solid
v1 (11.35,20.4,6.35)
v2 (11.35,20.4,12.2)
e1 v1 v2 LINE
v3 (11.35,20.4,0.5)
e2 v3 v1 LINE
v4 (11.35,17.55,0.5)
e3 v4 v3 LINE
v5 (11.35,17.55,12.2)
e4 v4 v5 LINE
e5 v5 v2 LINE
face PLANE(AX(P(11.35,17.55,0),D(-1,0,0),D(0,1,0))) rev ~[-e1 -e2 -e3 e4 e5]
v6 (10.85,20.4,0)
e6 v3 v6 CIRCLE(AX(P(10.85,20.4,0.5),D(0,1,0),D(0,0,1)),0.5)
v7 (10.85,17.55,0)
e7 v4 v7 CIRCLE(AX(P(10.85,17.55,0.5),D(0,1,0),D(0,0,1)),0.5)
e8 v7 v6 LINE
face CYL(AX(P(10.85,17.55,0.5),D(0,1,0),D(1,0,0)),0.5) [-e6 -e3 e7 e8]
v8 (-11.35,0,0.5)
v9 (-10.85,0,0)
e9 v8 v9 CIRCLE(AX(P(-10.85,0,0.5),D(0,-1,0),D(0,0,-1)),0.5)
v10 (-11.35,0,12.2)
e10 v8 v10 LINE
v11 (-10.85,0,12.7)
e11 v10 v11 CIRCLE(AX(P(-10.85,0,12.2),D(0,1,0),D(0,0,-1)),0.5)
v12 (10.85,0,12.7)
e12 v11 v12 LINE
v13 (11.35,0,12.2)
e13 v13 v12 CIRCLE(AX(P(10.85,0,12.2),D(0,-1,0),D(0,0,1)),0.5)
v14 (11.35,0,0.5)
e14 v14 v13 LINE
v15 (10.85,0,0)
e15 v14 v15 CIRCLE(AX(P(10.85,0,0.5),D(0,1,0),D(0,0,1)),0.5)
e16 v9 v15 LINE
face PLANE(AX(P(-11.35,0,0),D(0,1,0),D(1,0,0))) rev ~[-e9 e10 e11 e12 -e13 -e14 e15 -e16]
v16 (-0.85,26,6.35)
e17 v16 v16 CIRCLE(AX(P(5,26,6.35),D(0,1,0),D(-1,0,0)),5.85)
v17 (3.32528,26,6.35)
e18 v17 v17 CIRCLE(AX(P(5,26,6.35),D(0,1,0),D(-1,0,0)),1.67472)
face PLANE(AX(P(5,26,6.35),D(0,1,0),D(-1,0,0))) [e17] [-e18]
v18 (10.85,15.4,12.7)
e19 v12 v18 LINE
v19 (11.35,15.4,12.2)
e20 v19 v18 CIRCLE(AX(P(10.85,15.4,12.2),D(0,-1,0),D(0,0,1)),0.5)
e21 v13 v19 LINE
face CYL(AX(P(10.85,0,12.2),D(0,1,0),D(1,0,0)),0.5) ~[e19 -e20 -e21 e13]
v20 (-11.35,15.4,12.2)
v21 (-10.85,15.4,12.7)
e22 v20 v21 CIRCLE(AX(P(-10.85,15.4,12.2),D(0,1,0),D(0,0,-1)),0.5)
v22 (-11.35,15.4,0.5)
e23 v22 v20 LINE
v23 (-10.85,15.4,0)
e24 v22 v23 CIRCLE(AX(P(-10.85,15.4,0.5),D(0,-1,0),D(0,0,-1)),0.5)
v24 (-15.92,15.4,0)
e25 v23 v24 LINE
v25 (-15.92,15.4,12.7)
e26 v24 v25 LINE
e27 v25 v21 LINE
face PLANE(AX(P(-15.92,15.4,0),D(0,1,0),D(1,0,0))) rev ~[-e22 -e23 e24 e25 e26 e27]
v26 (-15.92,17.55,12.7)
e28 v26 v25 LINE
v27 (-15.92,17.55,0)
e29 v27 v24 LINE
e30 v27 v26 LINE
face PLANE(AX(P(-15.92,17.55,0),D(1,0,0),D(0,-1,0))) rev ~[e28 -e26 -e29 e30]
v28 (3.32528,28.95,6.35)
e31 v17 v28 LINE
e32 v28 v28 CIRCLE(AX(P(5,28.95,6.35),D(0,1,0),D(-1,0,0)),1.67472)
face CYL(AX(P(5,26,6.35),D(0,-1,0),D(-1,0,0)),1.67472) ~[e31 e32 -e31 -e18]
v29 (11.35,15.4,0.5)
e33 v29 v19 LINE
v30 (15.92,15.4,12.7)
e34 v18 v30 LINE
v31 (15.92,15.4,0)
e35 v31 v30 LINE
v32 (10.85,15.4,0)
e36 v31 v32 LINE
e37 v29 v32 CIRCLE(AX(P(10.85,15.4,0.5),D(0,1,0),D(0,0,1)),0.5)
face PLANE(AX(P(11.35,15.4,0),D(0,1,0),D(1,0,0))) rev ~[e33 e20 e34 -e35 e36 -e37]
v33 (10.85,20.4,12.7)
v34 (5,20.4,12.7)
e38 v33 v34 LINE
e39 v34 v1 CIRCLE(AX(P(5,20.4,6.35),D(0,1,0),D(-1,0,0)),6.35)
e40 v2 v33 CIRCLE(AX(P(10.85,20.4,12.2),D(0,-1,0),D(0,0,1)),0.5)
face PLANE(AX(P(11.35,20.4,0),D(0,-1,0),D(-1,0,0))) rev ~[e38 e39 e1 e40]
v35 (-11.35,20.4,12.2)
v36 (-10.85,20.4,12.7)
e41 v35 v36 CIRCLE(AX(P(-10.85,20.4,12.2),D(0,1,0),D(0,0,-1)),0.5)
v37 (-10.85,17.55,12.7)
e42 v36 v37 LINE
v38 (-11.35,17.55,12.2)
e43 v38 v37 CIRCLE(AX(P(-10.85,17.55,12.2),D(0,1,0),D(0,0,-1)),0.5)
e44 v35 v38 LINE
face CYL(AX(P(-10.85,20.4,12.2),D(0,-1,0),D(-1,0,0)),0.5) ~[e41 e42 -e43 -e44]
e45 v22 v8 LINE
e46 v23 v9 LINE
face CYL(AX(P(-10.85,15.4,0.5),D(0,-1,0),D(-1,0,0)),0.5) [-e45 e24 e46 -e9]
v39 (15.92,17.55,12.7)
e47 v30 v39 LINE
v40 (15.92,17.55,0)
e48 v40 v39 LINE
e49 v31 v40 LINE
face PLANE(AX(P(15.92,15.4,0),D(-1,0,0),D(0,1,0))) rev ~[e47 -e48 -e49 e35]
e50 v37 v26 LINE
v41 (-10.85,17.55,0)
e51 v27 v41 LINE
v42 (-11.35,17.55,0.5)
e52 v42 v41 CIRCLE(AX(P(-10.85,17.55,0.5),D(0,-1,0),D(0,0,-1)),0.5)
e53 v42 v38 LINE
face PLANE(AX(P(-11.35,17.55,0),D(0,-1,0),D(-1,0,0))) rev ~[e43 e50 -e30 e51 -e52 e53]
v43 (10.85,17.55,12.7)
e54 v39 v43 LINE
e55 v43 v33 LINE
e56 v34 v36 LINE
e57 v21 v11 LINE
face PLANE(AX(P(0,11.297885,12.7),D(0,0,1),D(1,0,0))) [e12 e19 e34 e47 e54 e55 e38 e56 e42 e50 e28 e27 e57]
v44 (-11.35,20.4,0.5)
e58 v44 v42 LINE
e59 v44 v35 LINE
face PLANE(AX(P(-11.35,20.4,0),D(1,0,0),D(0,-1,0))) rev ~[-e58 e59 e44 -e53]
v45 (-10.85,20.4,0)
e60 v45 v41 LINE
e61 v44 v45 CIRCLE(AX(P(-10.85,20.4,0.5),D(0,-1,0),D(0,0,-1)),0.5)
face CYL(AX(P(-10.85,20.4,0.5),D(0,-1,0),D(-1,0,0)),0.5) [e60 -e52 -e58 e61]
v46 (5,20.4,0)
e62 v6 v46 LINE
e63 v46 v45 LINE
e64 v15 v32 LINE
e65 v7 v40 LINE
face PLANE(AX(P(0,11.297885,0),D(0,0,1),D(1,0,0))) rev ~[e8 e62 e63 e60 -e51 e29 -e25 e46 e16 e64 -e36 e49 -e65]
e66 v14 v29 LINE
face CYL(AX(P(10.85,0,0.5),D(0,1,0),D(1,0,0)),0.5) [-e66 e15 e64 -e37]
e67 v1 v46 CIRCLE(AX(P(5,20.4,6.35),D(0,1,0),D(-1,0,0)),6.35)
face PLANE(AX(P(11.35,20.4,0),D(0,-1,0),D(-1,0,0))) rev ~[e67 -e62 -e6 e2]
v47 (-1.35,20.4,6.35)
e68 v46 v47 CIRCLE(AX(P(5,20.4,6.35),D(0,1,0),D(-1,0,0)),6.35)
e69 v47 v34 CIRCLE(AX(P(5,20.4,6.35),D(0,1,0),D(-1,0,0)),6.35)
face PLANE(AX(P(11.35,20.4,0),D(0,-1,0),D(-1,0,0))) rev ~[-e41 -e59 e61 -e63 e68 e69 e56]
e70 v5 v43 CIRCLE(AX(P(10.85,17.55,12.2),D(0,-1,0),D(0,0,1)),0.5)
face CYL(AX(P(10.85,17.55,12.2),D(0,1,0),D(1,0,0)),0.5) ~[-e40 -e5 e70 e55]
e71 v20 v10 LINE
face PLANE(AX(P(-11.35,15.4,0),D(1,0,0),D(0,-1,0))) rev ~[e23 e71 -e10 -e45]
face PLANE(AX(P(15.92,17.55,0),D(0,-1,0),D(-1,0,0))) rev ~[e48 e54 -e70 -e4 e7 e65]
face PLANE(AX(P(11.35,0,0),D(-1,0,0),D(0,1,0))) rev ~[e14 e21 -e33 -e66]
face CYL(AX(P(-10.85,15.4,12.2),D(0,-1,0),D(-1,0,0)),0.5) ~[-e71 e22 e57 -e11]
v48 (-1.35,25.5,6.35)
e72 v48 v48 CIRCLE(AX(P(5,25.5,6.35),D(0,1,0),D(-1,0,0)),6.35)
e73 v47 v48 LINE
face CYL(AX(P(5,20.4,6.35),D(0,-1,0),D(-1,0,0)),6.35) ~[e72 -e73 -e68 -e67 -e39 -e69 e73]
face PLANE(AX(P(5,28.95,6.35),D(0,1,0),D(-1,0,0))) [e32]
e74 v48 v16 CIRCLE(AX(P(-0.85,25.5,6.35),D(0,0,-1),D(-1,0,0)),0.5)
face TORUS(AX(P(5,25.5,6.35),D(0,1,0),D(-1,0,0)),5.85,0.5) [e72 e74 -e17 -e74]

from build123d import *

# Parameters (mm, degrees)
F3_DEPTH  = 12.7
F4_R      = 0.5
F6_R      = 6.35
F7_DEPTH  = 5.6
F8_R      = 0.5
F9_R      = 1.6747204535
F10_DEPTH = 2.95


with BuildPart() as f3:
    # F2 (on Top) → F3 (new body)
    with BuildSketch(Plane.XY):
        Polygon((11.35, 20.4), (-11.35, 20.4), (-11.35, 17.55), (-15.92, 17.55), (-15.92, 15.4), (-11.35, 15.4), (-11.35, 0), (11.35, 0), (11.35, 15.4), (15.92, 15.4), (15.92, 17.55), (11.35, 17.55), align=None)
    extrude(amount=F3_DEPTH)

    # F4
    f4_edges = [f3.edges().sort_by_distance(p)[0] for p in [
        (11.35, 7.7, 12.7),
        (11.35, 18.975, 12.7),
        (11.35, 18.975, 0),
        (11.35, 7.7, 0),
        (-11.35, 18.975, 12.7),
        (-11.35, 7.7, 12.7),
        (-11.35, 18.975, 0),
        (-11.35, 7.7, 0),
    ]]
    fillet(f4_edges, radius=F4_R)

    # F6 (on offset) → F7 (join)
    with BuildSketch(Plane(origin=(0, 20.4, 0), x_dir=(-1, 0, 0), z_dir=(0, 1, 0))):
        with Locations((-5, 6.35)):
            Circle(F6_R)
    extrude(amount=F7_DEPTH)

    # F8
    f8_edges = [f3.edges().sort_by_distance(p)[0] for p in [
        (11.35, 26, 6.35),
    ]]
    fillet(f8_edges, radius=F8_R)

    # F9 (on face) → F10 (join)
    with BuildSketch(Plane(origin=(0, 26, 0), x_dir=(-1, 0, 0), z_dir=(0, 1, 0))):
        with Locations((-5, 6.35)):
            Circle(F9_R)
    extrude(amount=F10_DEPTH)


solid = f3.part
